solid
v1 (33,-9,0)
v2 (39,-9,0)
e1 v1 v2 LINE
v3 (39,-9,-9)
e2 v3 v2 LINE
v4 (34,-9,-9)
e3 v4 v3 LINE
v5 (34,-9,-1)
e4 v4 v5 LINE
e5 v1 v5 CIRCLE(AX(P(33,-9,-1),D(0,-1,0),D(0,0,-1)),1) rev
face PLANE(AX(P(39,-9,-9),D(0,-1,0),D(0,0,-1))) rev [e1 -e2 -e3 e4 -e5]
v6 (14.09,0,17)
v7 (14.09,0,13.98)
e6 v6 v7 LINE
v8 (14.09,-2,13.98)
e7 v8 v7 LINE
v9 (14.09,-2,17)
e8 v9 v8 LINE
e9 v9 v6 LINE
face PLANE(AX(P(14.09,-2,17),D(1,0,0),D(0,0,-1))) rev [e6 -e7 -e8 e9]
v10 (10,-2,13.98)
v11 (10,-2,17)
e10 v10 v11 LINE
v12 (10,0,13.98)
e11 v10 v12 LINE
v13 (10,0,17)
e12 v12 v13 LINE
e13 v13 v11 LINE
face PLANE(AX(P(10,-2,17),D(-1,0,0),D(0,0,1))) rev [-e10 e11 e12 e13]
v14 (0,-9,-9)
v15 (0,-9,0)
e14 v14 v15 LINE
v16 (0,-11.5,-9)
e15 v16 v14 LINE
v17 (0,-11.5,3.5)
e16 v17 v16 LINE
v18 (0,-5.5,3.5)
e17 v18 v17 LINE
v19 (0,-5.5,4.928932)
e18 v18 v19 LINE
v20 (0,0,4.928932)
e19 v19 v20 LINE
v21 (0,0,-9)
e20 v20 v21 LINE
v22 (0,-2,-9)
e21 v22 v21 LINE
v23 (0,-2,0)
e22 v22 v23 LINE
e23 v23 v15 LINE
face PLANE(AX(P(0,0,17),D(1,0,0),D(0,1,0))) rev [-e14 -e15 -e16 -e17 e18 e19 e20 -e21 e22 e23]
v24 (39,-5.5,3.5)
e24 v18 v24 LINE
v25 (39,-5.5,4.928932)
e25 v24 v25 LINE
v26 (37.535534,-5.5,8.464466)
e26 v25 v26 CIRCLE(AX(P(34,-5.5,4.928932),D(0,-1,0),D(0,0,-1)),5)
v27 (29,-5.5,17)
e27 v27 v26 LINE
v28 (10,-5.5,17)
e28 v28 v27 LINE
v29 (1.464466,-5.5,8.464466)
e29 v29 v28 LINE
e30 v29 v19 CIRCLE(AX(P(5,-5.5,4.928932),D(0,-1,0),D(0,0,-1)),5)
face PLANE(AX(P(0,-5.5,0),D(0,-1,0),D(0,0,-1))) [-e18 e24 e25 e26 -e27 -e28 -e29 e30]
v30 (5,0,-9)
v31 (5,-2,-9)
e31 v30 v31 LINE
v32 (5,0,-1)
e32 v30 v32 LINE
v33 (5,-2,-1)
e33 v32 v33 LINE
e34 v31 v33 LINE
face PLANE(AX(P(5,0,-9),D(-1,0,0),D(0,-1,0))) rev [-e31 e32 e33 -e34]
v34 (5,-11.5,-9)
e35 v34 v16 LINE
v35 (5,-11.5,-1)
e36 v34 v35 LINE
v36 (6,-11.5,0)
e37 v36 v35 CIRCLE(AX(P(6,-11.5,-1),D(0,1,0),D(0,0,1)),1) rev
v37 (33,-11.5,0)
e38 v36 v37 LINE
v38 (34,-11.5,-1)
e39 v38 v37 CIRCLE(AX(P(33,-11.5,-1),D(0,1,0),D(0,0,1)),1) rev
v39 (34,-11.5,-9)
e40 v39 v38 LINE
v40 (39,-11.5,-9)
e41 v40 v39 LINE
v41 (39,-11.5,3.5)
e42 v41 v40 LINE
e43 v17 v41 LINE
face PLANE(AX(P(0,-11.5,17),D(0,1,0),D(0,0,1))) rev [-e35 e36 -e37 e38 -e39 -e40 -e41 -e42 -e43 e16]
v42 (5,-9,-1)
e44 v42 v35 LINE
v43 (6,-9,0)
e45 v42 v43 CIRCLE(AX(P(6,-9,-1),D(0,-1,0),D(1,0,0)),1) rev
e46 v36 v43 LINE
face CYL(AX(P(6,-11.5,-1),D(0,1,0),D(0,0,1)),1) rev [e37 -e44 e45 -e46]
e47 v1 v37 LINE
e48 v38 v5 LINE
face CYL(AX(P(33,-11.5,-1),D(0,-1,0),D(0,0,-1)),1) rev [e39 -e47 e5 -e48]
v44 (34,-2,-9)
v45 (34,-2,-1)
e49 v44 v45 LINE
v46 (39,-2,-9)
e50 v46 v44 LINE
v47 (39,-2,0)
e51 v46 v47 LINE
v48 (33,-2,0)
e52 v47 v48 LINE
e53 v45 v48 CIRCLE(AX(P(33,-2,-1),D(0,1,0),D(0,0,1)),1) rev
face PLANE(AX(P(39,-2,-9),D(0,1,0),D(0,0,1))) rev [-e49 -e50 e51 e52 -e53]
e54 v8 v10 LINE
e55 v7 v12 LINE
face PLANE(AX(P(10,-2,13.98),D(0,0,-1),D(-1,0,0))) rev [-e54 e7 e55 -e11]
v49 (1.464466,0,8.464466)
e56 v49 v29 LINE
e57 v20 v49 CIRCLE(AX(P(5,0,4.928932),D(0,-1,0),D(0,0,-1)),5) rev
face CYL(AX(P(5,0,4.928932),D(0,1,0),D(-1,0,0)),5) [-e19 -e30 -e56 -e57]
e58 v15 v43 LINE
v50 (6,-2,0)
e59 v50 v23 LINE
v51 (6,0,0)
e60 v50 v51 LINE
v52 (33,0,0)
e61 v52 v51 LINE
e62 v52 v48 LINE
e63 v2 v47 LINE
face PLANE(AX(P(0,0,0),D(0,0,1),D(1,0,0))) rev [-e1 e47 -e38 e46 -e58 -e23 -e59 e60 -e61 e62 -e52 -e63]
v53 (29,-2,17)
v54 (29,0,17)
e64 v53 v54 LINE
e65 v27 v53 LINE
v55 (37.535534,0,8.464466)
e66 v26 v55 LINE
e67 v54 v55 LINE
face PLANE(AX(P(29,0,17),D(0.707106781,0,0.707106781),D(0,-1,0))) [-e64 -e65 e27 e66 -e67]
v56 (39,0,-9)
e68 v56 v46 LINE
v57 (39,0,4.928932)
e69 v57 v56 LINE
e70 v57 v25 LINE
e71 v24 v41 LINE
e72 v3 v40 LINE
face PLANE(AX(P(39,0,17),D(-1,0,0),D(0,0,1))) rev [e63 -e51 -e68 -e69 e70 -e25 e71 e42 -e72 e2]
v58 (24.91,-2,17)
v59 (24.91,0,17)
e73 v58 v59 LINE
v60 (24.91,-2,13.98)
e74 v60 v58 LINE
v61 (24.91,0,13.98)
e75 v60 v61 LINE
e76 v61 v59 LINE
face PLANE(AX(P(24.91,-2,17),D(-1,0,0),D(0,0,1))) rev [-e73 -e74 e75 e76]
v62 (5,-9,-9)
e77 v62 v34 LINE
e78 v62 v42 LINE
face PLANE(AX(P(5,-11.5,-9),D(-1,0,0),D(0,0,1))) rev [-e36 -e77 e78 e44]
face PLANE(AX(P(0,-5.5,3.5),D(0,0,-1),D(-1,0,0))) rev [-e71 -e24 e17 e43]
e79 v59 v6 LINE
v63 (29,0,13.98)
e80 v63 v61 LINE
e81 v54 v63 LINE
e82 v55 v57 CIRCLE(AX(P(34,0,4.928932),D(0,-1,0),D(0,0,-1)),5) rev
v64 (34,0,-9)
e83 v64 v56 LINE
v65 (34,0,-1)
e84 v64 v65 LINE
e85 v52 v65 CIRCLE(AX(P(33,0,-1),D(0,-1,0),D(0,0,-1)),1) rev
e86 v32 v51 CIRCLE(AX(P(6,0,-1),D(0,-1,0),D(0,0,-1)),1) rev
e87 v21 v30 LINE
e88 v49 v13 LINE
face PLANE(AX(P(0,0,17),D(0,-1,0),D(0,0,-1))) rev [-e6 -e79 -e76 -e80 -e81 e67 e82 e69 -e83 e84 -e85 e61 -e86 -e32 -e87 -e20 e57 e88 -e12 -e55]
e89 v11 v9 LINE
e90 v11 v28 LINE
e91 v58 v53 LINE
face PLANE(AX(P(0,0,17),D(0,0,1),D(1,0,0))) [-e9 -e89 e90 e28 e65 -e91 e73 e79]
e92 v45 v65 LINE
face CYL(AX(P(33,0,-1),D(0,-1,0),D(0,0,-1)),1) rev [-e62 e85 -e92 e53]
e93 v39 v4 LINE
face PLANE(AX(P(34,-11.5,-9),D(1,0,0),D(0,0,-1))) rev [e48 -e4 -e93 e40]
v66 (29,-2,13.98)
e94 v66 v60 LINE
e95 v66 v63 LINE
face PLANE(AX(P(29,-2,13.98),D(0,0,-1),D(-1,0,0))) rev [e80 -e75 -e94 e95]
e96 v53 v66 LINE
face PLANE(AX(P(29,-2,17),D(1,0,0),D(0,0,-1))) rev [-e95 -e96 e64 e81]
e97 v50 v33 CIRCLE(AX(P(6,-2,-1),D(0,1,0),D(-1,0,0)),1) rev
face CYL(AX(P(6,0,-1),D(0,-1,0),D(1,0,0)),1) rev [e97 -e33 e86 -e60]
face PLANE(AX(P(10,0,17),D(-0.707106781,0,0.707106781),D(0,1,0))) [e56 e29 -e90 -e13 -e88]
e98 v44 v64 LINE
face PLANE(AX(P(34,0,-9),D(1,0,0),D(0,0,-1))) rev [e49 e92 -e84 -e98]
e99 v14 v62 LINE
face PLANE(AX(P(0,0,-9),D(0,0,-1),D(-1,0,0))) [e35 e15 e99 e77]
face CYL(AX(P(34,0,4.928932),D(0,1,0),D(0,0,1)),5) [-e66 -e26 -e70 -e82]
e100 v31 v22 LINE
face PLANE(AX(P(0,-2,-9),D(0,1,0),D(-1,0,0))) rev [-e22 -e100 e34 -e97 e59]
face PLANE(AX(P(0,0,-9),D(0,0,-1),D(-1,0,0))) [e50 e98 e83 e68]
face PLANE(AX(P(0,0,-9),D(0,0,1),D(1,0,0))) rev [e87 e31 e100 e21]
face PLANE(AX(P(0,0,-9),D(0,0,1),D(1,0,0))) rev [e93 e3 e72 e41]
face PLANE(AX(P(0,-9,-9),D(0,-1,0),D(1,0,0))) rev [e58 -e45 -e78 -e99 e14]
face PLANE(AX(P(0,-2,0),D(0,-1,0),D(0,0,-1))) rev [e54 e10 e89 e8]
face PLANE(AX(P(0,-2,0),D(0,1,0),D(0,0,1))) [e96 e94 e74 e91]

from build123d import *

# Parameters (mm, degrees)
SKETCH1_W           = 39
SKETCH1_H           = 11.5
BOSS_EXTRUDE1_DEPTH = 17
SKETCH2_W           = 5
SKETCH2_H           = 2.5
SKETCH2_H_2         = 2
BOSS_EXTRUDE2_DEPTH = 9
FILLET3_R           = 1
FILLET4_R           = 1
FILLET5_R           = 1
FILLET6_R           = 1
CHAMFER1_SIZE       = 10
CHAMFER2_SIZE       = 10
SKETCH4_W           = 4.09
SKETCH4_H           = 3.02
CUT_EXTRUDE1_DEPTH  = 2
SKETCH5_W           = 45.21307777
SKETCH5_H           = 21.662699148
CUT_EXTRUDE2_DEPTH  = 6
FILLET7_R           = 5
FILLET8_R           = 5


with BuildPart() as part:
    # Sketch1 → Boss-Extrude1 (new body)
    with BuildSketch(Plane.XY):
        with Locations((19.5, -5.75)):
            Rectangle(SKETCH1_W, SKETCH1_H)
    extrude(amount=BOSS_EXTRUDE1_DEPTH)

    # Sketch2 → Boss-Extrude2 (add)
    with BuildSketch(Plane(origin=(0, 0, 0), x_dir=(-1, 0, 0), z_dir=(0, 0, -1))):
        with Locations((-2.5, -10.25)):
            Rectangle(SKETCH2_W, SKETCH2_H)
        with Locations((-2.5, -1)):
            Rectangle(SKETCH2_W, SKETCH2_H_2)
        with Locations((-36.5, -10.25)):
            Rectangle(SKETCH2_W, SKETCH2_H)
        with Locations((-36.5, -1)):
            Rectangle(SKETCH2_W, SKETCH2_H_2)
    extrude(amount=BOSS_EXTRUDE2_DEPTH)

    # Fillet3
    fillet3_edges = [part.edges().sort_by_distance(p)[0] for p in [
        (34, -1, 0),
    ]]
    fillet(fillet3_edges, radius=FILLET3_R)

    # Fillet4
    fillet4_edges = [part.edges().sort_by_distance(p)[0] for p in [
        (5, -1, 0),
    ]]
    fillet(fillet4_edges, radius=FILLET4_R)

    # Fillet5
    fillet5_edges = [part.edges().sort_by_distance(p)[0] for p in [
        (34, -10.25, 0),
    ]]
    fillet(fillet5_edges, radius=FILLET5_R)

    # Fillet6
    fillet6_edges = [part.edges().sort_by_distance(p)[0] for p in [
        (5, -10.25, 0),
    ]]
    fillet(fillet6_edges, radius=FILLET6_R)

    # Chamfer1
    chamfer1_edges = [part.edges().sort_by_distance(p)[0] for p in [
        (39, -5.75, 17),
    ]]
    chamfer(chamfer1_edges, length=CHAMFER1_SIZE)

    # Chamfer2
    chamfer2_edges = [part.edges().sort_by_distance(p)[0] for p in [
        (0, -5.75, 17),
    ]]
    chamfer(chamfer2_edges, length=CHAMFER2_SIZE)

    # Sketch4 → Cut-Extrude1 (cut)
    with BuildSketch(Plane(origin=(0, 0, 0), x_dir=(1, 0, 0), z_dir=(0, 1, 0))):
        with Locations((26.955, -15.49)):
            Rectangle(SKETCH4_W, SKETCH4_H)
        with Locations((12.045, -15.49)):
            Rectangle(SKETCH4_W, SKETCH4_H)
    extrude(amount=-CUT_EXTRUDE1_DEPTH, mode=Mode.SUBTRACT)

    # Sketch5 → Cut-Extrude2 (cut)
    with BuildSketch(Plane.XZ.offset(11.5)):
        with Locations((22.606538885, 14.331349574)):
            Rectangle(SKETCH5_W, SKETCH5_H)
    extrude(amount=-CUT_EXTRUDE2_DEPTH, mode=Mode.SUBTRACT)

    # Fillet7
    fillet7_edges = [part.edges().sort_by_distance(p)[0] for p in [
        (0, -2.75, 7),
    ]]
    fillet(fillet7_edges, radius=FILLET7_R)

    # Fillet8
    fillet8_edges = [part.edges().sort_by_distance(p)[0] for p in [
        (39, -2.75, 7),
    ]]
    fillet(fillet8_edges, radius=FILLET8_R)


solid = part.part
